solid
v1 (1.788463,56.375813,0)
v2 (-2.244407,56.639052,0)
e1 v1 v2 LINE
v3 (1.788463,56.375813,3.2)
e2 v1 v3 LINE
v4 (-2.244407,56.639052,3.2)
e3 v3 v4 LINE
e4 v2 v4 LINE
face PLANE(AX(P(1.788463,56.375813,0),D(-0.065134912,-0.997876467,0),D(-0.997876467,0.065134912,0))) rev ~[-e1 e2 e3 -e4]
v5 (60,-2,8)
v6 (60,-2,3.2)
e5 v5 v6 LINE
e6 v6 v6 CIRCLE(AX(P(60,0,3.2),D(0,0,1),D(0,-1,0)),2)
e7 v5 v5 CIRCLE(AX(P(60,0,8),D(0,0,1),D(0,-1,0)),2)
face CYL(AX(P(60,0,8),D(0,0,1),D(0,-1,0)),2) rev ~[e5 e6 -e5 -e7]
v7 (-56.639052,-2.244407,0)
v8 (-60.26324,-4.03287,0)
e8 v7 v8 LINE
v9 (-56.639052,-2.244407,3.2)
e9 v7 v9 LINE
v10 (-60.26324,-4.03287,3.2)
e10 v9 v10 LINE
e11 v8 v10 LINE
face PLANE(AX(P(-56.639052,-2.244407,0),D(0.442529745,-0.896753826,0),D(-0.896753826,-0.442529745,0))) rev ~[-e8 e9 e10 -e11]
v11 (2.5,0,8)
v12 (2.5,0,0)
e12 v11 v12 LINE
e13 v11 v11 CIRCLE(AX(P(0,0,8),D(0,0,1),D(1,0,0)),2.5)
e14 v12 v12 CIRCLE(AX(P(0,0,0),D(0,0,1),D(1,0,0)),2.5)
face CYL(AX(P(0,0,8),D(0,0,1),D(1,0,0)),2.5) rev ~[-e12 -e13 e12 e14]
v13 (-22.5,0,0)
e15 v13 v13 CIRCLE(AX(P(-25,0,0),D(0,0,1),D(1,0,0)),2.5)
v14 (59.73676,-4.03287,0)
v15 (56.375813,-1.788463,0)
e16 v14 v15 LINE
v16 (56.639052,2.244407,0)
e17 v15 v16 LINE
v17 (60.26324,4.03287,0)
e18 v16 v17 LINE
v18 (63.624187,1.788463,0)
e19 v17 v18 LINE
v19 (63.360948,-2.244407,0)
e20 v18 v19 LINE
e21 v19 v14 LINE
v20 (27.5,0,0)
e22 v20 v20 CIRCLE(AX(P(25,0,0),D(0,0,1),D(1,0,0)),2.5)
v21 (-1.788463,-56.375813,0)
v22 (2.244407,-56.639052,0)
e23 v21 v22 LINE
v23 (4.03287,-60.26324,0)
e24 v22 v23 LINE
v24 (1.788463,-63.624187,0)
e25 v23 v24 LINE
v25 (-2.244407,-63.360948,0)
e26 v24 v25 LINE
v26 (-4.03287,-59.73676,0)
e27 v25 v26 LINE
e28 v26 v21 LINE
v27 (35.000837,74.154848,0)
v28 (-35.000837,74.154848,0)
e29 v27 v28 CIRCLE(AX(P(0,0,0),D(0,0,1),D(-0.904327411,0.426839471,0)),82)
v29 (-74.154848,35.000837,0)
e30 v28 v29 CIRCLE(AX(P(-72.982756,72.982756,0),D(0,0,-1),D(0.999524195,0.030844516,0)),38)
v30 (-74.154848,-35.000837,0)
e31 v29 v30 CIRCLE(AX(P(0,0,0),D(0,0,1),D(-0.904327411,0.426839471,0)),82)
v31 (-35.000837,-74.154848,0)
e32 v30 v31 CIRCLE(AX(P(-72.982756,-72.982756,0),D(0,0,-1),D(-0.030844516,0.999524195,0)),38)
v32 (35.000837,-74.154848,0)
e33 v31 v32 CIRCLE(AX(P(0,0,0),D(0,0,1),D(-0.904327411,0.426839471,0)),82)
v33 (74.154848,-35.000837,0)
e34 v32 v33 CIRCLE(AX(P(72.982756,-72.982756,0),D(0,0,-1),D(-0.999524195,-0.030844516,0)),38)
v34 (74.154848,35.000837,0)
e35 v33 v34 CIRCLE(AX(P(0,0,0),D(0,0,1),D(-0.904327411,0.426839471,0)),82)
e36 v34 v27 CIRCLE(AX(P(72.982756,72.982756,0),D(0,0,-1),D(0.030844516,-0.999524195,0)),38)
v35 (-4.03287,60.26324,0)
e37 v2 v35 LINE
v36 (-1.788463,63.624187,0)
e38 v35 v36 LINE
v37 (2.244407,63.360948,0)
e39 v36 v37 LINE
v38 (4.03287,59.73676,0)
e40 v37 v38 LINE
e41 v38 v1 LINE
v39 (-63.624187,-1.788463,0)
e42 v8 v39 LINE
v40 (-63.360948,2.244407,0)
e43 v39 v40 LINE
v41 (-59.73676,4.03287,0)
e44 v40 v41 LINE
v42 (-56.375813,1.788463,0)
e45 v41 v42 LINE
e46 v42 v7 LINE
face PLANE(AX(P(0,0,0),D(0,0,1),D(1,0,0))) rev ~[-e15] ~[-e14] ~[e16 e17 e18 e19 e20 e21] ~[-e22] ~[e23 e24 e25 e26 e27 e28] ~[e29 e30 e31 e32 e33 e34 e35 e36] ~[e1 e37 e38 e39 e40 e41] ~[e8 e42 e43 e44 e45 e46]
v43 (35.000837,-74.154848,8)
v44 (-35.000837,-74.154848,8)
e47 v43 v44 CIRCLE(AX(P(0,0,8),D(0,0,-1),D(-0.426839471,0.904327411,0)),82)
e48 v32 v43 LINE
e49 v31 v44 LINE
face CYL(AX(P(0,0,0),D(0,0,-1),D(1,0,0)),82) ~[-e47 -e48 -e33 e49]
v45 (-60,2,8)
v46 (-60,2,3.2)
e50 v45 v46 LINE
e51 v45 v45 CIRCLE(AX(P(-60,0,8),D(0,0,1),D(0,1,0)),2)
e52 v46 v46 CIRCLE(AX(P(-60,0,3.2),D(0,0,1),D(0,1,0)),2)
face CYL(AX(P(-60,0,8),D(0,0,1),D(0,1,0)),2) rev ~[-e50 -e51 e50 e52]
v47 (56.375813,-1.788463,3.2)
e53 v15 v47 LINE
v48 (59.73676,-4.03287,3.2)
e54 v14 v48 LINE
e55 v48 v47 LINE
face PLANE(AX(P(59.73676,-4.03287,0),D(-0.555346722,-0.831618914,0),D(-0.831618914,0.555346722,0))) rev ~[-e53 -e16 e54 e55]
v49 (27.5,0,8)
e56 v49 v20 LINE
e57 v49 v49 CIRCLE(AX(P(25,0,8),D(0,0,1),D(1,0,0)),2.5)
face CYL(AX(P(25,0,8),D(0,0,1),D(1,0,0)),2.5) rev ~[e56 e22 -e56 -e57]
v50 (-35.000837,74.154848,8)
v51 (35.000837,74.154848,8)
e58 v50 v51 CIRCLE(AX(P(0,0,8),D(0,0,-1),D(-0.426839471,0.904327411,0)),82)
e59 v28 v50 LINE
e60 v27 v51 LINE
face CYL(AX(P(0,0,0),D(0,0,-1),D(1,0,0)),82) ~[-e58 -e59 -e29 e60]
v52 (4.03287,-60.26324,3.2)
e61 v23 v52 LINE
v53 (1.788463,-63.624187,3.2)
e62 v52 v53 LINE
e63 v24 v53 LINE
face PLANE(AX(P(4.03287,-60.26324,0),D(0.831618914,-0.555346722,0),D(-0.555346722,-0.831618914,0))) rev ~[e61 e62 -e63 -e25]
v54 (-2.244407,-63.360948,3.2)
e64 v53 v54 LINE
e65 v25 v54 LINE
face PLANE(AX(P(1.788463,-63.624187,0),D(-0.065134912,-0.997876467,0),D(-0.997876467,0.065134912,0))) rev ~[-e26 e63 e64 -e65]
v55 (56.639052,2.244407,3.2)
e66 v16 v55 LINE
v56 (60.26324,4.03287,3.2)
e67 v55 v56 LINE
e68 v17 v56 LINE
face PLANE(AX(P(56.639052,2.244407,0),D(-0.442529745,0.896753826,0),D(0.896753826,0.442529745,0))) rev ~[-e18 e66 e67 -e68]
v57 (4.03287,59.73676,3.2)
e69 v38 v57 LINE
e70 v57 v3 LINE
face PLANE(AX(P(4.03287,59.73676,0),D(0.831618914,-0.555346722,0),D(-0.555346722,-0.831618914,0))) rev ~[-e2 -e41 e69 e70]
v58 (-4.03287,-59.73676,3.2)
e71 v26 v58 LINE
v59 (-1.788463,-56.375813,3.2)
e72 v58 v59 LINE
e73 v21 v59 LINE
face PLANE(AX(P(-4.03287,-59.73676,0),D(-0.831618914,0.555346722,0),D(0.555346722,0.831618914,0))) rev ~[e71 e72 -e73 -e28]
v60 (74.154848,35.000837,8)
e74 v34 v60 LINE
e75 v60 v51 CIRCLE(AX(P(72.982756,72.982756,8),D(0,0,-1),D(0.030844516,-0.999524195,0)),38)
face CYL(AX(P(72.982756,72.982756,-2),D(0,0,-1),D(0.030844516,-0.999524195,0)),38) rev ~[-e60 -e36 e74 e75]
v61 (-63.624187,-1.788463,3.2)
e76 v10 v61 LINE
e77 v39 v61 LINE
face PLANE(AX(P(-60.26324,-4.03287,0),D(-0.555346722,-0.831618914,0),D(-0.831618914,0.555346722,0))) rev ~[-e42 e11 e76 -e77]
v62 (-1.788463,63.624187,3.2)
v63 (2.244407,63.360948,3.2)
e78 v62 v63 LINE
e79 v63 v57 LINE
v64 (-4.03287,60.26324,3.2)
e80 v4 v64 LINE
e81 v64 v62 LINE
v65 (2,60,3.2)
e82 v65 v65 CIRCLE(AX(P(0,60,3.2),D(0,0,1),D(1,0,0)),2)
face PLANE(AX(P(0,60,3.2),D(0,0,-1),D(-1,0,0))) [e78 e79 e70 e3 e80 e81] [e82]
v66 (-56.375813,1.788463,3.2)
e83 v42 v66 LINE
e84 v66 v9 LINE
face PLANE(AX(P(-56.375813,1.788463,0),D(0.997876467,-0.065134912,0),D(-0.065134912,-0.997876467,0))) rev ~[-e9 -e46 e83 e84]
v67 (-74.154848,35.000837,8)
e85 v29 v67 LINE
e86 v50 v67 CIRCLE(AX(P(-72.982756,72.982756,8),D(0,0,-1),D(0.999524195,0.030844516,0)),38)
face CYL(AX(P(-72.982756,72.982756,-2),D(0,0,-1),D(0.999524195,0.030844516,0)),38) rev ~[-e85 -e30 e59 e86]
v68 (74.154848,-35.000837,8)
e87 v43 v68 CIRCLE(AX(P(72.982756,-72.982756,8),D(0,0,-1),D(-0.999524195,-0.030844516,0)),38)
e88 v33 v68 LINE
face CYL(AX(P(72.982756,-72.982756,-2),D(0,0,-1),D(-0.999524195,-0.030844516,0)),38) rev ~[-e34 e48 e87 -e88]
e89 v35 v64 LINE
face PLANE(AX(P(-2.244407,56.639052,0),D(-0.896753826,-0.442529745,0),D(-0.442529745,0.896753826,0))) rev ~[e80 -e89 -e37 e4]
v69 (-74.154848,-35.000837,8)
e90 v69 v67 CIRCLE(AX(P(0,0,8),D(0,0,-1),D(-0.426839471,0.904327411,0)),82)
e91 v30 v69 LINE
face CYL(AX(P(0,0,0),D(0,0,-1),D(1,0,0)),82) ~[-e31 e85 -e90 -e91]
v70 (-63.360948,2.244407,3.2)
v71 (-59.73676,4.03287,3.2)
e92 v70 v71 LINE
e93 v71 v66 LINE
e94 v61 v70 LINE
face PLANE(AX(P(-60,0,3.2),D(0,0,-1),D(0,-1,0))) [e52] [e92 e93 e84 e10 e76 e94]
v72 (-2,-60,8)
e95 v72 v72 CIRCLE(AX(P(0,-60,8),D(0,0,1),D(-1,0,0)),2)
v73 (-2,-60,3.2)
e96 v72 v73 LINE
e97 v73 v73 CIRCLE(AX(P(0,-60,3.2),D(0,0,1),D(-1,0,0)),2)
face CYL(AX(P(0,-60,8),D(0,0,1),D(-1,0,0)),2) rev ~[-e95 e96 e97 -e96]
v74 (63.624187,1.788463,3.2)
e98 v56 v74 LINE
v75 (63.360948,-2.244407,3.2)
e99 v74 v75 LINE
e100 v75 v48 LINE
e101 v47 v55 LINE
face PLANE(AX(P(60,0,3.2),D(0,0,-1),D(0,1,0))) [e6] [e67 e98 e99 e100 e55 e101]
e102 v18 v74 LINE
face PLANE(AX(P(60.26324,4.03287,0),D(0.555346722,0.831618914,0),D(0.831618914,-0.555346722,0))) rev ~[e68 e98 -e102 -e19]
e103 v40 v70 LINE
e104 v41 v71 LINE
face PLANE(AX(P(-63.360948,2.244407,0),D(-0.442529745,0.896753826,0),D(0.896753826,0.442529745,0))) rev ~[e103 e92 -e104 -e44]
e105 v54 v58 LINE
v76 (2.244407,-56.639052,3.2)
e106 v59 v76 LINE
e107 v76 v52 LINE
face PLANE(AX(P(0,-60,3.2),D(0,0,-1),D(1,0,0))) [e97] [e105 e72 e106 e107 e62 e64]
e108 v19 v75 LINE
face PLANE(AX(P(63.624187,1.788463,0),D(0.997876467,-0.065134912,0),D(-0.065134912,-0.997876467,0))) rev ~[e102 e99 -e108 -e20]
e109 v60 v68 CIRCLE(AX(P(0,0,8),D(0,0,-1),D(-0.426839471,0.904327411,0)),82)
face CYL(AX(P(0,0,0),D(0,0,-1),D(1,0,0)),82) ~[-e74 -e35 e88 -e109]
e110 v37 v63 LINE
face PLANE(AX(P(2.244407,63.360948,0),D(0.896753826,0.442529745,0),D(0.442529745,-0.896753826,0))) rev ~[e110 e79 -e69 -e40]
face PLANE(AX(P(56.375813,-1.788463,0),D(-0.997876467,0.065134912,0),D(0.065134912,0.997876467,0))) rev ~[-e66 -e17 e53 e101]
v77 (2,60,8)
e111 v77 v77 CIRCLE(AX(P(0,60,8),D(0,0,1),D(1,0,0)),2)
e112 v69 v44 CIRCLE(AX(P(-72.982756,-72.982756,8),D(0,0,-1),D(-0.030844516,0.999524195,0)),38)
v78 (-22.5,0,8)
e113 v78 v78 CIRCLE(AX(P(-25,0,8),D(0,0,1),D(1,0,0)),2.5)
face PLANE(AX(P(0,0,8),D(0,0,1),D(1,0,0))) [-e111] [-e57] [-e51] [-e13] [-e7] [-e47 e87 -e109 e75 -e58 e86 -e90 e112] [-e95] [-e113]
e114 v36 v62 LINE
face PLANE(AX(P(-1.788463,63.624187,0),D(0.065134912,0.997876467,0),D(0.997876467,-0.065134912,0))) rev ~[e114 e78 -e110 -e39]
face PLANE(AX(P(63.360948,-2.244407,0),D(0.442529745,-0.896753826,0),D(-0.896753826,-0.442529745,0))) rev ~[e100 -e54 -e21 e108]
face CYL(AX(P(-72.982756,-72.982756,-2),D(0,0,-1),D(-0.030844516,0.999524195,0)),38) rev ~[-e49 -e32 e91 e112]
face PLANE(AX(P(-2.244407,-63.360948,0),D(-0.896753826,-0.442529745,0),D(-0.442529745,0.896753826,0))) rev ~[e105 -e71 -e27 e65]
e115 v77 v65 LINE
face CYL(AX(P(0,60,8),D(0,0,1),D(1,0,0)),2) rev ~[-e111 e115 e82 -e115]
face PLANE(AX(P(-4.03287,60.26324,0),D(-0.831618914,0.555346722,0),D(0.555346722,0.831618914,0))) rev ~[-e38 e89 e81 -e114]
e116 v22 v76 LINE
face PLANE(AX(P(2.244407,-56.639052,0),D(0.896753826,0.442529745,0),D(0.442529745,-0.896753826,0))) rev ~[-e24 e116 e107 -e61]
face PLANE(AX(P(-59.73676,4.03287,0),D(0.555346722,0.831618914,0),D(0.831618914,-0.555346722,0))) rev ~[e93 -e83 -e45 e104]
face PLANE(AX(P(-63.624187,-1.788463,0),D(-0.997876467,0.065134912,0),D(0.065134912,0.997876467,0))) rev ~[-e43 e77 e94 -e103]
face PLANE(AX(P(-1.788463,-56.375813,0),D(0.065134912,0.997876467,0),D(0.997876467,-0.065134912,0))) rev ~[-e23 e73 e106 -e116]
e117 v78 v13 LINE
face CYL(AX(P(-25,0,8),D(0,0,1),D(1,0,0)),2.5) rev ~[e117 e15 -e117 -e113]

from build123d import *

# Parameters (mm, degrees)
SKETCH1_R           = 82
BOSS_EXTRUDE1_DEPTH = 8
SKETCH2_R           = 2
CUT_EXTRUDE1_DEPTH  = 15
CIRPATTERN2_COUNT   = 4
CUT_EXTRUDE3_DEPTH  = 3.2
CIRPATTERN3_COUNT   = 4
SKETCH10_R          = 2.5
CUT_EXTRUDE4_DEPTH  = 10
CUT_EXTRUDE5_START  = -10
CUT_EXTRUDE5_DEPTH  = 10
CIRPATTERN4_COUNT   = 4


with BuildPart() as part:
    # Sketch1 → Boss-Extrude1 (new body)
    with BuildSketch(Plane.XY):
        Circle(SKETCH1_R)
    extrude(amount=BOSS_EXTRUDE1_DEPTH)

    # Sketch2 → Cut-Extrude1 (cut)
    with BuildSketch(Plane.XY.offset(8)):
        with Locations((0, 60)):
            Circle(SKETCH2_R)
    cut_extrude1 = extrude(amount=-CUT_EXTRUDE1_DEPTH, mode=Mode.SUBTRACT)

    # CirPattern2: Cut-Extrude1 ×4 about axis
    cirpattern2_axis = Axis((0, 0, 0), (0, 0, 1))
    for i in range(1, CIRPATTERN2_COUNT):
        add(cut_extrude1.rotate(cirpattern2_axis, i * 360 / CIRPATTERN2_COUNT), mode=Mode.SUBTRACT)

    # Sketch7 → Cut-Extrude3 (cut)
    with BuildSketch(Plane(origin=(0, 0, 0), x_dir=(-1, 0, 0), z_dir=(0, 0, -1))):
        Polygon((1.788462671, 63.624187441), (-2.244407056, 63.360947827), (-4.032869728, 59.736760386), (-1.788462671, 56.375812559), (2.244407056, 56.639052173), (4.032869728, 60.263239614), align=None)
    cut_extrude3 = extrude(amount=-CUT_EXTRUDE3_DEPTH, mode=Mode.SUBTRACT)

    # CirPattern3: Cut-Extrude3 ×4 about axis
    cirpattern3_axis = Axis((0, 0, 0), (0, 0, 1))
    for i in range(1, CIRPATTERN3_COUNT):
        add(cut_extrude3.rotate(cirpattern3_axis, i * 360 / CIRPATTERN3_COUNT), mode=Mode.SUBTRACT)

    # Sketch10 → Cut-Extrude4 (cut)
    with BuildSketch(Plane.XY.offset(8)):
        Circle(SKETCH10_R)
        with Locations((25, 0)):
            Circle(SKETCH10_R)
        with Locations((-25, 0)):
            Circle(SKETCH10_R)
    extrude(amount=-CUT_EXTRUDE4_DEPTH, mode=Mode.SUBTRACT)

    # Sketch11 → Cut-Extrude5 (cut)
    with BuildSketch(Plane.XY.offset(8).offset(CUT_EXTRUDE5_START)):
        with BuildLine():
            ThreePointArc((-35.000836658, 74.154847672), (-46.112698372, 46.112698372), (-74.154847672, 35.000836658))
            ThreePointArc((-74.154847672, 35.000836658), (-57.982756057, 57.982756057), (-35.000836658, 74.154847672))
        make_face()
    cut_extrude5 = extrude(amount=CUT_EXTRUDE5_DEPTH, mode=Mode.SUBTRACT)

    # CirPattern4: Cut-Extrude5 ×4 about axis
    cirpattern4_axis = Axis((0, 0, 0), (0, 0, 1))
    for i in range(1, CIRPATTERN4_COUNT):
        add(cut_extrude5.rotate(cirpattern4_axis, i * 360 / CIRPATTERN4_COUNT), mode=Mode.SUBTRACT)


solid = part.part
